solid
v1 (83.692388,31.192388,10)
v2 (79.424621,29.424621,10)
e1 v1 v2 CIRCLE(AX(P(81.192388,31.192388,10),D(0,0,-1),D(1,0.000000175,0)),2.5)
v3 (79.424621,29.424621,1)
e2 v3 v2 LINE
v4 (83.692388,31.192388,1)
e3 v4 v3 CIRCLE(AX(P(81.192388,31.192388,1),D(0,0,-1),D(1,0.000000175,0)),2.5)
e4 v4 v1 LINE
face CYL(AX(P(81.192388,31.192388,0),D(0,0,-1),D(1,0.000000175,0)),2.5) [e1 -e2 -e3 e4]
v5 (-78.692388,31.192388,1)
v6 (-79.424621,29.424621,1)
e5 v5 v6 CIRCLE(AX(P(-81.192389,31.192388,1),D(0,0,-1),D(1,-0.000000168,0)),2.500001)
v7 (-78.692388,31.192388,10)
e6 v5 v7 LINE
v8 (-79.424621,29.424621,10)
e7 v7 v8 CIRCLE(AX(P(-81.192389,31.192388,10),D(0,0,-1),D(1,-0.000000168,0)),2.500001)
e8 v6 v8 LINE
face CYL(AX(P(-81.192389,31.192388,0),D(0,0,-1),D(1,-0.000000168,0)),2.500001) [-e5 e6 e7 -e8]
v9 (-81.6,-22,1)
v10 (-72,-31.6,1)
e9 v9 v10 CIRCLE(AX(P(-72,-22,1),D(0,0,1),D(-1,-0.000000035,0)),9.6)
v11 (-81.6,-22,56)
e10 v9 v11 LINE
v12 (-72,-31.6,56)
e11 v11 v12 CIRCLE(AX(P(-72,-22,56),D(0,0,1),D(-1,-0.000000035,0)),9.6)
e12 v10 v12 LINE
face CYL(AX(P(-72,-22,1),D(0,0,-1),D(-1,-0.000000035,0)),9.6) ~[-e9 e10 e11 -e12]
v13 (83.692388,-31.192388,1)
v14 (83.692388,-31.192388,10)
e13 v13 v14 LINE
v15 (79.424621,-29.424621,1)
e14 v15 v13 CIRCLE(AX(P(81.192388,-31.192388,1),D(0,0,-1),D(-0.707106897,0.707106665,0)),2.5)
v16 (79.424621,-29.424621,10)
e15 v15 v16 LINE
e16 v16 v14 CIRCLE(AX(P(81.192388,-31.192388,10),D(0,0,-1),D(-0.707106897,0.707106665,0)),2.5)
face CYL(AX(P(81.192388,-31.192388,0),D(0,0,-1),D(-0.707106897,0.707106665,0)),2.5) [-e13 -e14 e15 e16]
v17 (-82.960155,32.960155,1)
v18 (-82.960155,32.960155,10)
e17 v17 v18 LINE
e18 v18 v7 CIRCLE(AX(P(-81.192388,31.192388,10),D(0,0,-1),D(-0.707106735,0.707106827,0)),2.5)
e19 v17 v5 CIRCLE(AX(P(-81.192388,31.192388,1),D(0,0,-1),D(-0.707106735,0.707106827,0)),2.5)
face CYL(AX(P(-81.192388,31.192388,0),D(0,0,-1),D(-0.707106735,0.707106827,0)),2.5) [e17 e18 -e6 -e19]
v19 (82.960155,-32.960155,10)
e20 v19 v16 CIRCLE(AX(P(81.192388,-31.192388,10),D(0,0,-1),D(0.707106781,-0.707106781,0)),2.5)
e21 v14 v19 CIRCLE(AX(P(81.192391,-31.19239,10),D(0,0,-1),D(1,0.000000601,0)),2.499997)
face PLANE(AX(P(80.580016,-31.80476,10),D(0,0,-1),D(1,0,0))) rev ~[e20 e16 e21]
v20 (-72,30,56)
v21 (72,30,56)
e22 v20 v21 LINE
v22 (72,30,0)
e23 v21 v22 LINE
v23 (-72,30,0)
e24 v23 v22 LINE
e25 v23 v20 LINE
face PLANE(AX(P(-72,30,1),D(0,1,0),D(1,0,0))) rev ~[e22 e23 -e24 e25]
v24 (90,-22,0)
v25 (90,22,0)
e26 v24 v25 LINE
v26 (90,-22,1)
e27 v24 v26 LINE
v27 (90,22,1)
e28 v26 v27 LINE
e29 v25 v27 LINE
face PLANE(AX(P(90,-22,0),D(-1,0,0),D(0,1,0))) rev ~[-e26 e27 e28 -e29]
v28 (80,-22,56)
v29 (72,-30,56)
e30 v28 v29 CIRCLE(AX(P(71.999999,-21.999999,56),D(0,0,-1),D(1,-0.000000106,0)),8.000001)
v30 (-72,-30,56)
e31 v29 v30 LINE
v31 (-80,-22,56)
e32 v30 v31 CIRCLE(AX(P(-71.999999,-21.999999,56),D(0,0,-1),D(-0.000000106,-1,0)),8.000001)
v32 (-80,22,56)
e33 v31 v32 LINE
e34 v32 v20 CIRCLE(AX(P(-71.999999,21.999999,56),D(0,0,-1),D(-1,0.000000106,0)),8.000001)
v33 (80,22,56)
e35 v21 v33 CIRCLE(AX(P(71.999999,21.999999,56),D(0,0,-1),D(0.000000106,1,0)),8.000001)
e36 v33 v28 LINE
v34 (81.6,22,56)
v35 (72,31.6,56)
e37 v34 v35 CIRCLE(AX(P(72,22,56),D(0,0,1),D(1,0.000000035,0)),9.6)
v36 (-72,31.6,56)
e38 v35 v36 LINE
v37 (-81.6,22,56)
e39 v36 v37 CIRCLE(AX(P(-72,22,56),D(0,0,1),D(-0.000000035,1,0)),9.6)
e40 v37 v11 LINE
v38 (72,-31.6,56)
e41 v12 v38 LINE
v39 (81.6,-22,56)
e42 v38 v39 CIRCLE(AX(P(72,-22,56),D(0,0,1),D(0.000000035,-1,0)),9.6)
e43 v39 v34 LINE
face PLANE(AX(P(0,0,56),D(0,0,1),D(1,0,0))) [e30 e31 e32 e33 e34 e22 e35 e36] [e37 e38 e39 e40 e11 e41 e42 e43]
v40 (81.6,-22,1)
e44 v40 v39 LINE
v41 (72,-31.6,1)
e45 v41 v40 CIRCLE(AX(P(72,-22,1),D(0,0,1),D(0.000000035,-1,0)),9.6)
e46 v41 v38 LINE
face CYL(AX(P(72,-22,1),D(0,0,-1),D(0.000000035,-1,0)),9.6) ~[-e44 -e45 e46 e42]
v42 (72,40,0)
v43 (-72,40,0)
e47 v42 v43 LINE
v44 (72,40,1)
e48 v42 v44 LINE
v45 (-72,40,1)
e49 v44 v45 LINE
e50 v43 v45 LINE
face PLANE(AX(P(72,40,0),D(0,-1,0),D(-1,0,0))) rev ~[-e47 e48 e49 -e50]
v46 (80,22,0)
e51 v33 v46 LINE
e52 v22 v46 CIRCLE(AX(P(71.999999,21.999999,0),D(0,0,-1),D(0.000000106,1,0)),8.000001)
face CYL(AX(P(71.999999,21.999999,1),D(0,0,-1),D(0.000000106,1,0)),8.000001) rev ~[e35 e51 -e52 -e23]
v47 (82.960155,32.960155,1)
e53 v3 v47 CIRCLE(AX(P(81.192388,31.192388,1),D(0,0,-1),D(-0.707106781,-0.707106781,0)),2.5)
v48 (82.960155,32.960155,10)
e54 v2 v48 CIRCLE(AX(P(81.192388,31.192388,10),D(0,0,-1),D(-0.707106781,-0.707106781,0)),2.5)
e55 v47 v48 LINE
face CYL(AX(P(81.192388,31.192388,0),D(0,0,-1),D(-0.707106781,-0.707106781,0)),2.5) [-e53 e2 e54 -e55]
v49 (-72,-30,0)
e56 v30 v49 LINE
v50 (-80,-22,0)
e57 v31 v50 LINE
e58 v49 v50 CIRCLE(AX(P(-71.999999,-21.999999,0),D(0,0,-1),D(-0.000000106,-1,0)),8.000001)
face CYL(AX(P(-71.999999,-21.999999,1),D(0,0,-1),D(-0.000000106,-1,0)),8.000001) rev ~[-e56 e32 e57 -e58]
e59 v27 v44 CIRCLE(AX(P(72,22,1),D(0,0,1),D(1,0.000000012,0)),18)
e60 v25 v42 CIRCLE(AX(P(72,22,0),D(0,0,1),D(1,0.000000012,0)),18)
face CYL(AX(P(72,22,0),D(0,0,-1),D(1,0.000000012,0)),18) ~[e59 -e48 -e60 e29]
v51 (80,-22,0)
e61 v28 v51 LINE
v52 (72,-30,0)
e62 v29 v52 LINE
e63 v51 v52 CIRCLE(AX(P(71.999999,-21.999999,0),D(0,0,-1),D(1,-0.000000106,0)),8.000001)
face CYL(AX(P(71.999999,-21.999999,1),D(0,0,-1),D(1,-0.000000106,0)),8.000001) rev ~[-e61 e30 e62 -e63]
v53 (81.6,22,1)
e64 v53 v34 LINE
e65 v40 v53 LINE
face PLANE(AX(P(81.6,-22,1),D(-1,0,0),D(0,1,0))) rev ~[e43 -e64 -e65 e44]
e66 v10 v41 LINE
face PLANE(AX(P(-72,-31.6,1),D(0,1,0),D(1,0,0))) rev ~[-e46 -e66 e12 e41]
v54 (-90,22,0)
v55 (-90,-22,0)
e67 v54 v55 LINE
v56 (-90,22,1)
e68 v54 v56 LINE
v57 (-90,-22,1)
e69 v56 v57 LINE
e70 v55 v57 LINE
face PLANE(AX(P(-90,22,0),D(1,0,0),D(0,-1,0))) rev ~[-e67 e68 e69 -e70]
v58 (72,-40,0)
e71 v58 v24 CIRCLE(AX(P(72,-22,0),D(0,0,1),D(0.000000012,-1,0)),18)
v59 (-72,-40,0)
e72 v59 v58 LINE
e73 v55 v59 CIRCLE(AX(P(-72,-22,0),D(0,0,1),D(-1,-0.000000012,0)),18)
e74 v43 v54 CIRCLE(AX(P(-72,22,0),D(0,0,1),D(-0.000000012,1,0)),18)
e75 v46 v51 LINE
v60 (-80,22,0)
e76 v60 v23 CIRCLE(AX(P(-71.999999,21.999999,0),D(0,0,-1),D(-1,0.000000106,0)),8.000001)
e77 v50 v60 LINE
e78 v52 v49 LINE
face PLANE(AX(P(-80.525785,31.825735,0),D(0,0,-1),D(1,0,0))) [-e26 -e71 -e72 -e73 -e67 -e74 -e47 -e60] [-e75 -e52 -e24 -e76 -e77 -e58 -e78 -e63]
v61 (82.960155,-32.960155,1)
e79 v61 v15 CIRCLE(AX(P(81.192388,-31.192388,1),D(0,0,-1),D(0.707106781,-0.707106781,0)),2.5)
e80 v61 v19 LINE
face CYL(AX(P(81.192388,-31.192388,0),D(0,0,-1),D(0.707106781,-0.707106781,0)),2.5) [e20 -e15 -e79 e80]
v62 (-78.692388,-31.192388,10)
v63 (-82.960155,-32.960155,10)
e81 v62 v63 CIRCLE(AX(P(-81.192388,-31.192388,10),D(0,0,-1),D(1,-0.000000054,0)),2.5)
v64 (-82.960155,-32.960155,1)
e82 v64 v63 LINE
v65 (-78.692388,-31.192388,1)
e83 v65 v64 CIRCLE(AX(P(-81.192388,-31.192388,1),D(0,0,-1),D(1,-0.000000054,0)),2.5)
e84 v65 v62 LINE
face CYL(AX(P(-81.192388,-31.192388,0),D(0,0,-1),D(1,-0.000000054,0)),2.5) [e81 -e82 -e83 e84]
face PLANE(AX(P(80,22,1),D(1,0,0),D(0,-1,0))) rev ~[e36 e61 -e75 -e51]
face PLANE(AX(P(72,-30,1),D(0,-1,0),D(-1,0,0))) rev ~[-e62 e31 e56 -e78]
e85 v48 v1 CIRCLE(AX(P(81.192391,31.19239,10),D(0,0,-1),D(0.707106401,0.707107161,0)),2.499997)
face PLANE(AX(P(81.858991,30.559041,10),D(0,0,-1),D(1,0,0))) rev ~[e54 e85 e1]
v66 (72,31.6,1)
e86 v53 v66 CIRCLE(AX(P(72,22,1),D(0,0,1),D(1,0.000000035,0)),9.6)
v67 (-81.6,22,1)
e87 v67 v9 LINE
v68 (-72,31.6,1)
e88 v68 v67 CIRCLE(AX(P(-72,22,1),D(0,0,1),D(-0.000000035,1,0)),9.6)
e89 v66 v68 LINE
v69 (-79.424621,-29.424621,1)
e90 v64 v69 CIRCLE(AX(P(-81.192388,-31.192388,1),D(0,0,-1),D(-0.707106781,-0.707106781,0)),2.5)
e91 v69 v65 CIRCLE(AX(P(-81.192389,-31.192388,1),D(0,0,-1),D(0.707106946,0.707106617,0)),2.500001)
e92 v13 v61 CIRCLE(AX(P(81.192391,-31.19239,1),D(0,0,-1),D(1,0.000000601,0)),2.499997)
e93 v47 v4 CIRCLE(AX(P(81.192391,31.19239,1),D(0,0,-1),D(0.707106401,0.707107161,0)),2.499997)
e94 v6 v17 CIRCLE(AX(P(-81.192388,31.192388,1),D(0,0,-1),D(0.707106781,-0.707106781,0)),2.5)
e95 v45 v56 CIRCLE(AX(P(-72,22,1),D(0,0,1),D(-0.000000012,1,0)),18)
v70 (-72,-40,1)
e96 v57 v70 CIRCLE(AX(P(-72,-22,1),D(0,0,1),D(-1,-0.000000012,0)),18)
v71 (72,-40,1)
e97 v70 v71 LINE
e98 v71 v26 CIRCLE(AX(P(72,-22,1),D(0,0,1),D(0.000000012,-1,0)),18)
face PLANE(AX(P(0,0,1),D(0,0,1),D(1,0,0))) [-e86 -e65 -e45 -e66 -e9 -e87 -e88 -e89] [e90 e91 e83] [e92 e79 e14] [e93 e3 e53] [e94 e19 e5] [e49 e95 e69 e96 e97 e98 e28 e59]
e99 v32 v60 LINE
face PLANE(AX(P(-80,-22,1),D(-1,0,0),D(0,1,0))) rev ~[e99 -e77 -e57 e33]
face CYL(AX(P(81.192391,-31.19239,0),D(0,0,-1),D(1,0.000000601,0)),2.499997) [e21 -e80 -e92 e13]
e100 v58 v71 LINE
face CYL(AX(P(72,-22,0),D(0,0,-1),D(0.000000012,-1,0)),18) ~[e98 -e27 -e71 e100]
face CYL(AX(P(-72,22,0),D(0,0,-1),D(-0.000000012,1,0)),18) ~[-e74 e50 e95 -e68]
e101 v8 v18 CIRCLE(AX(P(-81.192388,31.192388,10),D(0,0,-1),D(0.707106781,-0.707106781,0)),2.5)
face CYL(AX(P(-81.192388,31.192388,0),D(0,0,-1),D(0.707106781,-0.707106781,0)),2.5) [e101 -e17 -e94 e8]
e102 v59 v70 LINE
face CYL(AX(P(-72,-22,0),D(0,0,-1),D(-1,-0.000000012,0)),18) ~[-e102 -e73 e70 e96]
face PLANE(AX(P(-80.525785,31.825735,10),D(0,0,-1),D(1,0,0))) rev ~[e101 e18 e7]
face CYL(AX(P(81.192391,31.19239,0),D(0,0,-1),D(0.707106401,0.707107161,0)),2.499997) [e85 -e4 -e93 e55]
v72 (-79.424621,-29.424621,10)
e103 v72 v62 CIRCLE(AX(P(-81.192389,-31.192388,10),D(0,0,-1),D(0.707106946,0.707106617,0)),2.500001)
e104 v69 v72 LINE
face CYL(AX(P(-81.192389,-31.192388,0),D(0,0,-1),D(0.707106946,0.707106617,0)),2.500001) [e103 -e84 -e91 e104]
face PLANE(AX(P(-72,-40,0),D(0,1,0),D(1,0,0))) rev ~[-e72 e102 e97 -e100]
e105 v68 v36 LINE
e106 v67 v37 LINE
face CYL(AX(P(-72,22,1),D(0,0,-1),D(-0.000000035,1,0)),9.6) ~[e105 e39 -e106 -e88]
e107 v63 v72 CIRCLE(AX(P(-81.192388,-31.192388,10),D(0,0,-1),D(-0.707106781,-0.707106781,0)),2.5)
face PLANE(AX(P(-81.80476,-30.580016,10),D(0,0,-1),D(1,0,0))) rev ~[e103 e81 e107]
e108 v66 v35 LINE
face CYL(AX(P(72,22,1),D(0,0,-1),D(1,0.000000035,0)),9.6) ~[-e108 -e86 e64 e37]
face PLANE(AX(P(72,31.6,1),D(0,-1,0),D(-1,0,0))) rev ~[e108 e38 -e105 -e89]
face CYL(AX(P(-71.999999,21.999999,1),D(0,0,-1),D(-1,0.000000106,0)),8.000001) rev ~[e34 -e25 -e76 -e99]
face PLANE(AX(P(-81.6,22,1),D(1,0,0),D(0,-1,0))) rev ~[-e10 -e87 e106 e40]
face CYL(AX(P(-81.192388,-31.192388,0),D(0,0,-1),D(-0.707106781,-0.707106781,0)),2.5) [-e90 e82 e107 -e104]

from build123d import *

# Parameters (mm, degrees)
F1_DEPTH = 1
F3_DEPTH = 55
F5_DEPTH = 10


with BuildPart() as f1:
    # F0 (on Top) → F1 (new body)
    with BuildSketch(Plane.XY):
        with BuildLine():
            Line((-72, -40), (72, -40))
            ThreePointArc((72, -40), (84.727922, -34.727922), (90, -22))
            Line((90, -22), (90, 22))
            ThreePointArc((90, 22), (84.727922, 34.727922), (72, 40))
            Line((72, 40), (-72, 40))
            ThreePointArc((-72, 40), (-84.727922, 34.727922), (-90, 22))
            Line((-90, 22), (-90, -22))
            ThreePointArc((-90, -22), (-84.727922, -34.727922), (-72, -40))
        make_face()
        with BuildLine():
            Line((-72, 30), (72, 30))
            ThreePointArc((72, 30), (77.656854, 27.656854), (80, 22))
            Line((80, 22), (80, -22))
            ThreePointArc((80, -22), (77.656854, -27.656854), (72, -30))
            Line((72, -30), (-72, -30))
            ThreePointArc((-72, -30), (-77.656854, -27.656854), (-80, -22))
            Line((-80, -22), (-80, 22))
            ThreePointArc((-80, 22), (-77.656854, 27.656854), (-72, 30))
        make_face(mode=Mode.SUBTRACT)
    extrude(amount=F1_DEPTH)

    # F2 (on face) → F3 (join)
    with BuildSketch(Plane.XY.offset(1)):
        with BuildLine():
            Line((81.6, -22), (81.6, 22))
            ThreePointArc((81.6, 22), (78.788225, 28.788225), (72, 31.6))
            Line((72, 31.6), (-72, 31.6))
            ThreePointArc((-72, 31.6), (-78.788225, 28.788225), (-81.6, 22))
            Line((-81.6, 22), (-81.6, -22))
            ThreePointArc((-81.6, -22), (-78.788225, -28.788225), (-72, -31.6))
            Line((-72, -31.6), (72, -31.6))
            ThreePointArc((72, -31.6), (78.788225, -28.788225), (81.6, -22))
        make_face()
        with BuildLine():
            Line((-72, 30), (72, 30))
            ThreePointArc((72, 30), (77.656854, 27.656854), (80, 22))
            Line((80, 22), (80, -22))
            ThreePointArc((80, -22), (77.656854, -27.656854), (72, -30))
            Line((72, -30), (-72, -30))
            ThreePointArc((-72, -30), (-77.656854, -27.656854), (-80, -22))
            Line((-80, -22), (-80, 22))
            ThreePointArc((-80, 22), (-77.656854, 27.656854), (-72, 30))
        make_face(mode=Mode.SUBTRACT)
    extrude(amount=F3_DEPTH)

    # F4 (on face) → F5 (join)
    with BuildSketch(Plane(origin=(0, 0, 0), x_dir=(1, 0, 0), z_dir=(0, 0, -1))):
        with BuildLine():
            ThreePointArc((-78.692388, -31.192388), (-78.882689, -30.23568), (-79.424621, -29.424621))
            Line((-79.424621, -29.424621), (-82.960155, -32.960155))
            ThreePointArc((-82.960155, -32.960155), (-80.23568, -33.502087), (-78.692388, -31.192388))
        make_face()
        with BuildLine():
            Line((-82.960155, -32.960155), (-79.424621, -29.424621))
            ThreePointArc((-79.424621, -29.424621), (-82.960155, -29.424621), (-82.960155, -32.960155))
        make_face()
        with BuildLine():
            ThreePointArc((83.692388, -31.192388), (82.149097, -28.882689), (79.424621, -29.424621))
            Line((79.424621, -29.424621), (82.960155, -32.960155))
            ThreePointArc((82.960155, -32.960155), (83.502087, -32.149097), (83.692388, -31.192388))
        make_face()
        with BuildLine():
            Line((82.960155, -32.960155), (79.424621, -29.424621))
            ThreePointArc((79.424621, -29.424621), (79.424621, -32.960155), (82.960155, -32.960155))
        make_face()
        with BuildLine():
            ThreePointArc((82.960155, 32.960155), (79.424621, 32.960155), (79.424621, 29.424621))
            Line((79.424621, 29.424621), (82.960155, 32.960155))
        make_face()
        with BuildLine():
            Line((82.960155, 32.960155), (79.424621, 29.424621))
            ThreePointArc((79.424621, 29.424621), (82.149097, 28.882689), (83.692388, 31.192388))
            ThreePointArc((83.692388, 31.192388), (83.502087, 32.149097), (82.960155, 32.960155))
        make_face()
        with BuildLine():
            ThreePointArc((-82.960155, 32.960155), (-82.960155, 29.424621), (-79.424621, 29.424621))
            Line((-79.424621, 29.424621), (-82.960155, 32.960155))
        make_face()
        with BuildLine():
            Line((-82.960155, 32.960155), (-79.424621, 29.424621))
            ThreePointArc((-79.424621, 29.424621), (-78.882689, 30.23568), (-78.692388, 31.192388))
            ThreePointArc((-78.692388, 31.192388), (-80.23568, 33.502087), (-82.960155, 32.960155))
        make_face()
    extrude(amount=-F5_DEPTH)


solid = f1.part
